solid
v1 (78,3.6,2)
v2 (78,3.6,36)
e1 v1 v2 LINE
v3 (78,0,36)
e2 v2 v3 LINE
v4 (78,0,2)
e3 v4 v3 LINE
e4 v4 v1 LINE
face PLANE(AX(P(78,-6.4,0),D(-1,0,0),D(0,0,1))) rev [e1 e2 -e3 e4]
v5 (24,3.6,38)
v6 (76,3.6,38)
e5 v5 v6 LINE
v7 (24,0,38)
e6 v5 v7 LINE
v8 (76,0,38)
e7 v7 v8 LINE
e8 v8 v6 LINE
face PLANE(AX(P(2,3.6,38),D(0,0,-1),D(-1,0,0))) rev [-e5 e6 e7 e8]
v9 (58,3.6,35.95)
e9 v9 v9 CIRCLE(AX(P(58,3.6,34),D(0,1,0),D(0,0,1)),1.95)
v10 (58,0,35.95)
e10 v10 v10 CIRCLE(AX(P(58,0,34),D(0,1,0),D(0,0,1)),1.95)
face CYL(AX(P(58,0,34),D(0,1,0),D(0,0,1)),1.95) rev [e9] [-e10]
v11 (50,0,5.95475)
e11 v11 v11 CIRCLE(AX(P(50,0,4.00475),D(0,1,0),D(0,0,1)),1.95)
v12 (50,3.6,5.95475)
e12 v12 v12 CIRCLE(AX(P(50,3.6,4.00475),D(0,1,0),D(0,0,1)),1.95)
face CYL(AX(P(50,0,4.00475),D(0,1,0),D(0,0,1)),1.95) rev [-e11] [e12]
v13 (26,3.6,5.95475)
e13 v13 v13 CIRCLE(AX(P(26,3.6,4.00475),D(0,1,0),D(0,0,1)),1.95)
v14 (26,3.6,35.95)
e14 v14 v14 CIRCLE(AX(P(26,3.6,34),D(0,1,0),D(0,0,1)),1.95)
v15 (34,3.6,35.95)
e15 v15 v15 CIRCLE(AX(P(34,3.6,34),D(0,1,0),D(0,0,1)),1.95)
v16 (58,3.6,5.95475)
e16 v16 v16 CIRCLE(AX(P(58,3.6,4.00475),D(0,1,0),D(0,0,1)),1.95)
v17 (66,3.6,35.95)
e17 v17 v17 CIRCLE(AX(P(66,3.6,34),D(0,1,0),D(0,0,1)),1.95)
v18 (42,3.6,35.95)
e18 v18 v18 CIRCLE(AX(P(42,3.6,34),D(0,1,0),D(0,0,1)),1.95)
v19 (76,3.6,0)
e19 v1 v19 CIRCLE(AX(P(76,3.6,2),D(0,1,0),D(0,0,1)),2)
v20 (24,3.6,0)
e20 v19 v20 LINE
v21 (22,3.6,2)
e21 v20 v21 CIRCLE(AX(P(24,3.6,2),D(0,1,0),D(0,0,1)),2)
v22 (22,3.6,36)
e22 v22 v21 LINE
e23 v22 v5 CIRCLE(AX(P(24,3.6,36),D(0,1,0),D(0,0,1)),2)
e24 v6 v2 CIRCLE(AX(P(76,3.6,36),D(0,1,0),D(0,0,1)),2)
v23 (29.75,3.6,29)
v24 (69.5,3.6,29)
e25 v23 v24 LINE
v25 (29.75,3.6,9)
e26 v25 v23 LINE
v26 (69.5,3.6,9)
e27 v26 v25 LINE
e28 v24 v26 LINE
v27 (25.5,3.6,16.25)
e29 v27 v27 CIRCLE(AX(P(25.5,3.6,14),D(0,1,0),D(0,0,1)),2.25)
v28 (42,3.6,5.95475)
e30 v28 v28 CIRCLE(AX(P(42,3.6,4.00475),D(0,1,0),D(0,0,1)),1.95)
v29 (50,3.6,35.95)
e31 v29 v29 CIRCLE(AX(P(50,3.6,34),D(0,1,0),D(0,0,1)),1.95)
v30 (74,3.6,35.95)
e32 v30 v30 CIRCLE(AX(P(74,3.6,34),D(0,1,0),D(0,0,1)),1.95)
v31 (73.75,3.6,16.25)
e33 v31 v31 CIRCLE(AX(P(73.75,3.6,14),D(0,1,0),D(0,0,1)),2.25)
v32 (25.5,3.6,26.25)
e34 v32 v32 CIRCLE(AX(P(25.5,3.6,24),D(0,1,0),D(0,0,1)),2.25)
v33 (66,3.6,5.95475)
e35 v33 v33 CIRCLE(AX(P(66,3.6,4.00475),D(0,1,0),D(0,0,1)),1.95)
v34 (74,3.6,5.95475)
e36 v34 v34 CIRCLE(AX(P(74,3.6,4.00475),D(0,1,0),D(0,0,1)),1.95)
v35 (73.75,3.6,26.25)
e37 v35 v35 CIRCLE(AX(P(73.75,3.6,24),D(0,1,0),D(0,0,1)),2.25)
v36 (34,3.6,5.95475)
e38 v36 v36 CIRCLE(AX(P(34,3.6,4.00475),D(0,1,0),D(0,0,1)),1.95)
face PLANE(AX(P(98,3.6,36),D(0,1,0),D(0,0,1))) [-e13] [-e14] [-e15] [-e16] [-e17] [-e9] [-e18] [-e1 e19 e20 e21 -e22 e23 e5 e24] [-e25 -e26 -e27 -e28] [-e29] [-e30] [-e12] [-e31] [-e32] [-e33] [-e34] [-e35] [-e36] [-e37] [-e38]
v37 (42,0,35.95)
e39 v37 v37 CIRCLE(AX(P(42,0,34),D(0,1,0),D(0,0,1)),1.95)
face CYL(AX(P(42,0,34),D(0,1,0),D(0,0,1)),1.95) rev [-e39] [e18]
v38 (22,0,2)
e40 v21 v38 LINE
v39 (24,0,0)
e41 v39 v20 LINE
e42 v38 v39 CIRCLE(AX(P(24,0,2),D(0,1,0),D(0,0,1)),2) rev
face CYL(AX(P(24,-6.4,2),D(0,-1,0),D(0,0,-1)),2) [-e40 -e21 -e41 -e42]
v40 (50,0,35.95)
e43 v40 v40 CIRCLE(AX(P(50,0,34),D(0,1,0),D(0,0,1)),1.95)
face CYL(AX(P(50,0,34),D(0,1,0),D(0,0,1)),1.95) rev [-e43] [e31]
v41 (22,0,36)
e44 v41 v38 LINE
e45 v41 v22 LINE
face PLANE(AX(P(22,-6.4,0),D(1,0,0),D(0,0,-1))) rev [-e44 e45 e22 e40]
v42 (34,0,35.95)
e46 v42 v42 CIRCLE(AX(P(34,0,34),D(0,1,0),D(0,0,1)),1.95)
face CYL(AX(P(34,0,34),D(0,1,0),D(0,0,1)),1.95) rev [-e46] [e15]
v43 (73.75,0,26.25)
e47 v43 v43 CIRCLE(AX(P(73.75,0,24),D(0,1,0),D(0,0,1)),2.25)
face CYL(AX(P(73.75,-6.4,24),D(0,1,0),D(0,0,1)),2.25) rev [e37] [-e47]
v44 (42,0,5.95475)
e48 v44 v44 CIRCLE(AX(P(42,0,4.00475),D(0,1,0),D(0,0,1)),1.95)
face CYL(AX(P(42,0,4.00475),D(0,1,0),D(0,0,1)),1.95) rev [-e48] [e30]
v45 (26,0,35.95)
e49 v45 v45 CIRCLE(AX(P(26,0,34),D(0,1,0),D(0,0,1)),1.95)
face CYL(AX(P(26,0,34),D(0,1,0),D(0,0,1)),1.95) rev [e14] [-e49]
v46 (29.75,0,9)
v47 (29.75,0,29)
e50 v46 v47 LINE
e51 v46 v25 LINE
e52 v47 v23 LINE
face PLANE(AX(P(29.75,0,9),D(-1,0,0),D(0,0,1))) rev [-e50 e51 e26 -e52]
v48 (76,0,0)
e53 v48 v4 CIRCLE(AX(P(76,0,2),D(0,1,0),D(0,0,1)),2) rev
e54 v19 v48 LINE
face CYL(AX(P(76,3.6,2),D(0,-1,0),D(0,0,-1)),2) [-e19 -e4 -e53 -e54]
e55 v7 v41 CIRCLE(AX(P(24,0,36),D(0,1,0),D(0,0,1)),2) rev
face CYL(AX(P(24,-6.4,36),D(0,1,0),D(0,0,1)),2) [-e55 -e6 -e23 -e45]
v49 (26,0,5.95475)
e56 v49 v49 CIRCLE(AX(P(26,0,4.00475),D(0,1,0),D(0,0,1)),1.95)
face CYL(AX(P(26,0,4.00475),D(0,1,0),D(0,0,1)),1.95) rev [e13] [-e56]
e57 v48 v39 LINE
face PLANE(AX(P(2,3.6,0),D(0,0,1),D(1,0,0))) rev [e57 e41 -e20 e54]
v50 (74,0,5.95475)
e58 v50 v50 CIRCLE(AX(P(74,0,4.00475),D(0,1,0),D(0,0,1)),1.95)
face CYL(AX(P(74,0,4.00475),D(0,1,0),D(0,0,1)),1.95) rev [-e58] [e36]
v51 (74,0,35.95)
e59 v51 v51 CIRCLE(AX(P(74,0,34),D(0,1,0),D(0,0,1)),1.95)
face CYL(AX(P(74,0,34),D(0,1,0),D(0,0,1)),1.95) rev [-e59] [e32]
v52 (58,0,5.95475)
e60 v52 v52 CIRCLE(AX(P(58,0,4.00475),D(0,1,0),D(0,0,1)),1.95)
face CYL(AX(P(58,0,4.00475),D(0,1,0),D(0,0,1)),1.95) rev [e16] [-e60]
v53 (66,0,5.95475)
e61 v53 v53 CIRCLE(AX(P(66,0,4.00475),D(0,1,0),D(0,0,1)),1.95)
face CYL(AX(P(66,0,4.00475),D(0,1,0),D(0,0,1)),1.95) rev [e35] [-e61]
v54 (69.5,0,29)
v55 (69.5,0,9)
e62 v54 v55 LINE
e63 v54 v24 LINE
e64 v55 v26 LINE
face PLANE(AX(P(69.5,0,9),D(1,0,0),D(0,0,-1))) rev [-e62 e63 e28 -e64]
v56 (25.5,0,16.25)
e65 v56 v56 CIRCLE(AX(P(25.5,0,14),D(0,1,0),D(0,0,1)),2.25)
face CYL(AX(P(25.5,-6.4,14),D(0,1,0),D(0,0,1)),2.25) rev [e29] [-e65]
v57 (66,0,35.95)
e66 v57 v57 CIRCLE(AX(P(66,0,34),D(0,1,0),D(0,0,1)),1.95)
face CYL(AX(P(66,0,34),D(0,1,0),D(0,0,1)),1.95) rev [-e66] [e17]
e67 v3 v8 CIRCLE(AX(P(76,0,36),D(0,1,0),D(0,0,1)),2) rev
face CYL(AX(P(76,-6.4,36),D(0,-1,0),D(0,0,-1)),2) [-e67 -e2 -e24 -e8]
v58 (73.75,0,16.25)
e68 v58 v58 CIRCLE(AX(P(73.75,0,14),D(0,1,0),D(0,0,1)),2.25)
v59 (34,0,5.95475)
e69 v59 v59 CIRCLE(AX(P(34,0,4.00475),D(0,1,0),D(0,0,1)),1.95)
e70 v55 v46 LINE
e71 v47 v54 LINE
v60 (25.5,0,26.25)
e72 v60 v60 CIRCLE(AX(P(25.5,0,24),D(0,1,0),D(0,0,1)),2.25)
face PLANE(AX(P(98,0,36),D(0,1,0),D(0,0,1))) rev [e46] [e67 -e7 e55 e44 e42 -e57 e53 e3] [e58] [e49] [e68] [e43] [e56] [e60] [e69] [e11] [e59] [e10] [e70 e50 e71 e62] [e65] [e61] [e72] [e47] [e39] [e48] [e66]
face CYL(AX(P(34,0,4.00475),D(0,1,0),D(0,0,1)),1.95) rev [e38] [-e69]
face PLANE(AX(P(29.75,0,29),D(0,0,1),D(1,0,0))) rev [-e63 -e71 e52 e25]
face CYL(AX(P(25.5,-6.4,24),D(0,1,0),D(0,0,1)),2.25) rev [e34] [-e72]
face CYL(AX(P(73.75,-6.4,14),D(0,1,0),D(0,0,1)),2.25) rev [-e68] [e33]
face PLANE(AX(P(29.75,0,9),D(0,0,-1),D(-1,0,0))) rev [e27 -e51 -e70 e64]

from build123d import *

# Parameters (mm, degrees)
BOSS_EXTRUDE1_DEPTH = 3.6
SKETCH2_R           = 1.95
SKETCH2_W           = 39.75
SKETCH2_H           = 20
CUT_EXTRUDE1_DEPTH  = 3.6
SKETCH4_W           = 22
SKETCH4_H           = 38
CUT_EXTRUDE2_DEPTH  = 10
FILLET1_R           = 2
FILLET2_R           = 2
FILLET3_R           = 2
FILLET4_R           = 2
SKETCH5_R           = 2.25
CUT_EXTRUDE3_DEPTH  = 10


with BuildPart() as part:
    # Sketch1 → Boss-Extrude1 (new body)
    with BuildSketch(Plane(origin=(0, 0, 0), x_dir=(1, 0, 0), z_dir=(0, 1, 0))):
        with BuildLine():
            Line((2, 0), (98, 0))
            ThreePointArc((98, 0), (99.414213562, -0.585786438), (100, -2))
            Line((100, -2), (100, -36))
            ThreePointArc((100, -36), (99.414213562, -37.414213562), (98, -38))
            Line((98, -38), (2, -38))
            ThreePointArc((2, -38), (0.585786438, -37.414213562), (0, -36))
            Line((0, -36), (0, -2))
            ThreePointArc((0, -2), (0.585786438, -0.585786438), (2, 0))
        make_face()
    extrude(amount=BOSS_EXTRUDE1_DEPTH)

    # Sketch2 → Cut-Extrude1 (cut)
    with BuildSketch(Plane(origin=(0, 3.6, 0), x_dir=(1, 0, 0), z_dir=(0, 1, 0))):
        with Locations((90, -4.00475022)):
            Circle(SKETCH2_R)
        with Locations((82, -4.00475022)):
            Circle(SKETCH2_R)
        with Locations((18, -4.00475022)):
            Circle(SKETCH2_R)
        with Locations((26, -4.00475022)):
            Circle(SKETCH2_R)
        with Locations((34, -4.00475022)):
            Circle(SKETCH2_R)
        with Locations((42, -4.00475022)):
            Circle(SKETCH2_R)
        with Locations((50, -4.00475022)):
            Circle(SKETCH2_R)
        with Locations((58, -4.00475022)):
            Circle(SKETCH2_R)
        with Locations((66, -4.00475022)):
            Circle(SKETCH2_R)
        with Locations((74, -4.00475022)):
            Circle(SKETCH2_R)
        with Locations((90, -34)):
            Circle(SKETCH2_R)
        with Locations((82, -34)):
            Circle(SKETCH2_R)
        with Locations((18, -34)):
            Circle(SKETCH2_R)
        with Locations((26, -34)):
            Circle(SKETCH2_R)
        with Locations((34, -34)):
            Circle(SKETCH2_R)
        with Locations((42, -34)):
            Circle(SKETCH2_R)
        with Locations((50, -34)):
            Circle(SKETCH2_R)
        with Locations((58, -34)):
            Circle(SKETCH2_R)
        with Locations((66, -34)):
            Circle(SKETCH2_R)
        with Locations((74, -34)):
            Circle(SKETCH2_R)
        with Locations((49.625, -19)):
            Rectangle(SKETCH2_W, SKETCH2_H)
    extrude(amount=-CUT_EXTRUDE1_DEPTH, mode=Mode.SUBTRACT)

    # Sketch4 → Cut-Extrude2 (cut)
    with BuildSketch(Plane(origin=(0, 3.6, 0), x_dir=(1, 0, 0), z_dir=(0, 1, 0))):
        with Locations((89, -19)):
            Rectangle(SKETCH4_W, SKETCH4_H)
        with Locations((11, -19)):
            Rectangle(SKETCH4_W, SKETCH4_H)
    extrude(amount=-CUT_EXTRUDE2_DEPTH, mode=Mode.SUBTRACT)

    # Fillet1
    fillet1_edges = [part.edges().sort_by_distance(p)[0] for p in [
        (22, 1.8, 0),
    ]]
    fillet(fillet1_edges, radius=FILLET1_R)

    # Fillet2
    fillet2_edges = [part.edges().sort_by_distance(p)[0] for p in [
        (22, 1.8, 38),
    ]]
    fillet(fillet2_edges, radius=FILLET2_R)

    # Fillet3
    fillet3_edges = [part.edges().sort_by_distance(p)[0] for p in [
        (78, 1.8, 38),
    ]]
    fillet(fillet3_edges, radius=FILLET3_R)

    # Fillet4
    fillet4_edges = [part.edges().sort_by_distance(p)[0] for p in [
        (78, 1.8, 0),
    ]]
    fillet(fillet4_edges, radius=FILLET4_R)

    # Sketch5 → Cut-Extrude3 (cut)
    with BuildSketch(Plane(origin=(0, 3.6, 0), x_dir=(1, 0, 0), z_dir=(0, 1, 0))):
        with Locations((73.75, -14)):
            Circle(SKETCH5_R)
        with Locations((73.75, -24)):
            Circle(SKETCH5_R)
        with Locations((25.5, -14)):
            Circle(SKETCH5_R)
        with Locations((25.5, -24)):
            Circle(SKETCH5_R)
    extrude(amount=-CUT_EXTRUDE3_DEPTH, mode=Mode.SUBTRACT)


solid = part.part
